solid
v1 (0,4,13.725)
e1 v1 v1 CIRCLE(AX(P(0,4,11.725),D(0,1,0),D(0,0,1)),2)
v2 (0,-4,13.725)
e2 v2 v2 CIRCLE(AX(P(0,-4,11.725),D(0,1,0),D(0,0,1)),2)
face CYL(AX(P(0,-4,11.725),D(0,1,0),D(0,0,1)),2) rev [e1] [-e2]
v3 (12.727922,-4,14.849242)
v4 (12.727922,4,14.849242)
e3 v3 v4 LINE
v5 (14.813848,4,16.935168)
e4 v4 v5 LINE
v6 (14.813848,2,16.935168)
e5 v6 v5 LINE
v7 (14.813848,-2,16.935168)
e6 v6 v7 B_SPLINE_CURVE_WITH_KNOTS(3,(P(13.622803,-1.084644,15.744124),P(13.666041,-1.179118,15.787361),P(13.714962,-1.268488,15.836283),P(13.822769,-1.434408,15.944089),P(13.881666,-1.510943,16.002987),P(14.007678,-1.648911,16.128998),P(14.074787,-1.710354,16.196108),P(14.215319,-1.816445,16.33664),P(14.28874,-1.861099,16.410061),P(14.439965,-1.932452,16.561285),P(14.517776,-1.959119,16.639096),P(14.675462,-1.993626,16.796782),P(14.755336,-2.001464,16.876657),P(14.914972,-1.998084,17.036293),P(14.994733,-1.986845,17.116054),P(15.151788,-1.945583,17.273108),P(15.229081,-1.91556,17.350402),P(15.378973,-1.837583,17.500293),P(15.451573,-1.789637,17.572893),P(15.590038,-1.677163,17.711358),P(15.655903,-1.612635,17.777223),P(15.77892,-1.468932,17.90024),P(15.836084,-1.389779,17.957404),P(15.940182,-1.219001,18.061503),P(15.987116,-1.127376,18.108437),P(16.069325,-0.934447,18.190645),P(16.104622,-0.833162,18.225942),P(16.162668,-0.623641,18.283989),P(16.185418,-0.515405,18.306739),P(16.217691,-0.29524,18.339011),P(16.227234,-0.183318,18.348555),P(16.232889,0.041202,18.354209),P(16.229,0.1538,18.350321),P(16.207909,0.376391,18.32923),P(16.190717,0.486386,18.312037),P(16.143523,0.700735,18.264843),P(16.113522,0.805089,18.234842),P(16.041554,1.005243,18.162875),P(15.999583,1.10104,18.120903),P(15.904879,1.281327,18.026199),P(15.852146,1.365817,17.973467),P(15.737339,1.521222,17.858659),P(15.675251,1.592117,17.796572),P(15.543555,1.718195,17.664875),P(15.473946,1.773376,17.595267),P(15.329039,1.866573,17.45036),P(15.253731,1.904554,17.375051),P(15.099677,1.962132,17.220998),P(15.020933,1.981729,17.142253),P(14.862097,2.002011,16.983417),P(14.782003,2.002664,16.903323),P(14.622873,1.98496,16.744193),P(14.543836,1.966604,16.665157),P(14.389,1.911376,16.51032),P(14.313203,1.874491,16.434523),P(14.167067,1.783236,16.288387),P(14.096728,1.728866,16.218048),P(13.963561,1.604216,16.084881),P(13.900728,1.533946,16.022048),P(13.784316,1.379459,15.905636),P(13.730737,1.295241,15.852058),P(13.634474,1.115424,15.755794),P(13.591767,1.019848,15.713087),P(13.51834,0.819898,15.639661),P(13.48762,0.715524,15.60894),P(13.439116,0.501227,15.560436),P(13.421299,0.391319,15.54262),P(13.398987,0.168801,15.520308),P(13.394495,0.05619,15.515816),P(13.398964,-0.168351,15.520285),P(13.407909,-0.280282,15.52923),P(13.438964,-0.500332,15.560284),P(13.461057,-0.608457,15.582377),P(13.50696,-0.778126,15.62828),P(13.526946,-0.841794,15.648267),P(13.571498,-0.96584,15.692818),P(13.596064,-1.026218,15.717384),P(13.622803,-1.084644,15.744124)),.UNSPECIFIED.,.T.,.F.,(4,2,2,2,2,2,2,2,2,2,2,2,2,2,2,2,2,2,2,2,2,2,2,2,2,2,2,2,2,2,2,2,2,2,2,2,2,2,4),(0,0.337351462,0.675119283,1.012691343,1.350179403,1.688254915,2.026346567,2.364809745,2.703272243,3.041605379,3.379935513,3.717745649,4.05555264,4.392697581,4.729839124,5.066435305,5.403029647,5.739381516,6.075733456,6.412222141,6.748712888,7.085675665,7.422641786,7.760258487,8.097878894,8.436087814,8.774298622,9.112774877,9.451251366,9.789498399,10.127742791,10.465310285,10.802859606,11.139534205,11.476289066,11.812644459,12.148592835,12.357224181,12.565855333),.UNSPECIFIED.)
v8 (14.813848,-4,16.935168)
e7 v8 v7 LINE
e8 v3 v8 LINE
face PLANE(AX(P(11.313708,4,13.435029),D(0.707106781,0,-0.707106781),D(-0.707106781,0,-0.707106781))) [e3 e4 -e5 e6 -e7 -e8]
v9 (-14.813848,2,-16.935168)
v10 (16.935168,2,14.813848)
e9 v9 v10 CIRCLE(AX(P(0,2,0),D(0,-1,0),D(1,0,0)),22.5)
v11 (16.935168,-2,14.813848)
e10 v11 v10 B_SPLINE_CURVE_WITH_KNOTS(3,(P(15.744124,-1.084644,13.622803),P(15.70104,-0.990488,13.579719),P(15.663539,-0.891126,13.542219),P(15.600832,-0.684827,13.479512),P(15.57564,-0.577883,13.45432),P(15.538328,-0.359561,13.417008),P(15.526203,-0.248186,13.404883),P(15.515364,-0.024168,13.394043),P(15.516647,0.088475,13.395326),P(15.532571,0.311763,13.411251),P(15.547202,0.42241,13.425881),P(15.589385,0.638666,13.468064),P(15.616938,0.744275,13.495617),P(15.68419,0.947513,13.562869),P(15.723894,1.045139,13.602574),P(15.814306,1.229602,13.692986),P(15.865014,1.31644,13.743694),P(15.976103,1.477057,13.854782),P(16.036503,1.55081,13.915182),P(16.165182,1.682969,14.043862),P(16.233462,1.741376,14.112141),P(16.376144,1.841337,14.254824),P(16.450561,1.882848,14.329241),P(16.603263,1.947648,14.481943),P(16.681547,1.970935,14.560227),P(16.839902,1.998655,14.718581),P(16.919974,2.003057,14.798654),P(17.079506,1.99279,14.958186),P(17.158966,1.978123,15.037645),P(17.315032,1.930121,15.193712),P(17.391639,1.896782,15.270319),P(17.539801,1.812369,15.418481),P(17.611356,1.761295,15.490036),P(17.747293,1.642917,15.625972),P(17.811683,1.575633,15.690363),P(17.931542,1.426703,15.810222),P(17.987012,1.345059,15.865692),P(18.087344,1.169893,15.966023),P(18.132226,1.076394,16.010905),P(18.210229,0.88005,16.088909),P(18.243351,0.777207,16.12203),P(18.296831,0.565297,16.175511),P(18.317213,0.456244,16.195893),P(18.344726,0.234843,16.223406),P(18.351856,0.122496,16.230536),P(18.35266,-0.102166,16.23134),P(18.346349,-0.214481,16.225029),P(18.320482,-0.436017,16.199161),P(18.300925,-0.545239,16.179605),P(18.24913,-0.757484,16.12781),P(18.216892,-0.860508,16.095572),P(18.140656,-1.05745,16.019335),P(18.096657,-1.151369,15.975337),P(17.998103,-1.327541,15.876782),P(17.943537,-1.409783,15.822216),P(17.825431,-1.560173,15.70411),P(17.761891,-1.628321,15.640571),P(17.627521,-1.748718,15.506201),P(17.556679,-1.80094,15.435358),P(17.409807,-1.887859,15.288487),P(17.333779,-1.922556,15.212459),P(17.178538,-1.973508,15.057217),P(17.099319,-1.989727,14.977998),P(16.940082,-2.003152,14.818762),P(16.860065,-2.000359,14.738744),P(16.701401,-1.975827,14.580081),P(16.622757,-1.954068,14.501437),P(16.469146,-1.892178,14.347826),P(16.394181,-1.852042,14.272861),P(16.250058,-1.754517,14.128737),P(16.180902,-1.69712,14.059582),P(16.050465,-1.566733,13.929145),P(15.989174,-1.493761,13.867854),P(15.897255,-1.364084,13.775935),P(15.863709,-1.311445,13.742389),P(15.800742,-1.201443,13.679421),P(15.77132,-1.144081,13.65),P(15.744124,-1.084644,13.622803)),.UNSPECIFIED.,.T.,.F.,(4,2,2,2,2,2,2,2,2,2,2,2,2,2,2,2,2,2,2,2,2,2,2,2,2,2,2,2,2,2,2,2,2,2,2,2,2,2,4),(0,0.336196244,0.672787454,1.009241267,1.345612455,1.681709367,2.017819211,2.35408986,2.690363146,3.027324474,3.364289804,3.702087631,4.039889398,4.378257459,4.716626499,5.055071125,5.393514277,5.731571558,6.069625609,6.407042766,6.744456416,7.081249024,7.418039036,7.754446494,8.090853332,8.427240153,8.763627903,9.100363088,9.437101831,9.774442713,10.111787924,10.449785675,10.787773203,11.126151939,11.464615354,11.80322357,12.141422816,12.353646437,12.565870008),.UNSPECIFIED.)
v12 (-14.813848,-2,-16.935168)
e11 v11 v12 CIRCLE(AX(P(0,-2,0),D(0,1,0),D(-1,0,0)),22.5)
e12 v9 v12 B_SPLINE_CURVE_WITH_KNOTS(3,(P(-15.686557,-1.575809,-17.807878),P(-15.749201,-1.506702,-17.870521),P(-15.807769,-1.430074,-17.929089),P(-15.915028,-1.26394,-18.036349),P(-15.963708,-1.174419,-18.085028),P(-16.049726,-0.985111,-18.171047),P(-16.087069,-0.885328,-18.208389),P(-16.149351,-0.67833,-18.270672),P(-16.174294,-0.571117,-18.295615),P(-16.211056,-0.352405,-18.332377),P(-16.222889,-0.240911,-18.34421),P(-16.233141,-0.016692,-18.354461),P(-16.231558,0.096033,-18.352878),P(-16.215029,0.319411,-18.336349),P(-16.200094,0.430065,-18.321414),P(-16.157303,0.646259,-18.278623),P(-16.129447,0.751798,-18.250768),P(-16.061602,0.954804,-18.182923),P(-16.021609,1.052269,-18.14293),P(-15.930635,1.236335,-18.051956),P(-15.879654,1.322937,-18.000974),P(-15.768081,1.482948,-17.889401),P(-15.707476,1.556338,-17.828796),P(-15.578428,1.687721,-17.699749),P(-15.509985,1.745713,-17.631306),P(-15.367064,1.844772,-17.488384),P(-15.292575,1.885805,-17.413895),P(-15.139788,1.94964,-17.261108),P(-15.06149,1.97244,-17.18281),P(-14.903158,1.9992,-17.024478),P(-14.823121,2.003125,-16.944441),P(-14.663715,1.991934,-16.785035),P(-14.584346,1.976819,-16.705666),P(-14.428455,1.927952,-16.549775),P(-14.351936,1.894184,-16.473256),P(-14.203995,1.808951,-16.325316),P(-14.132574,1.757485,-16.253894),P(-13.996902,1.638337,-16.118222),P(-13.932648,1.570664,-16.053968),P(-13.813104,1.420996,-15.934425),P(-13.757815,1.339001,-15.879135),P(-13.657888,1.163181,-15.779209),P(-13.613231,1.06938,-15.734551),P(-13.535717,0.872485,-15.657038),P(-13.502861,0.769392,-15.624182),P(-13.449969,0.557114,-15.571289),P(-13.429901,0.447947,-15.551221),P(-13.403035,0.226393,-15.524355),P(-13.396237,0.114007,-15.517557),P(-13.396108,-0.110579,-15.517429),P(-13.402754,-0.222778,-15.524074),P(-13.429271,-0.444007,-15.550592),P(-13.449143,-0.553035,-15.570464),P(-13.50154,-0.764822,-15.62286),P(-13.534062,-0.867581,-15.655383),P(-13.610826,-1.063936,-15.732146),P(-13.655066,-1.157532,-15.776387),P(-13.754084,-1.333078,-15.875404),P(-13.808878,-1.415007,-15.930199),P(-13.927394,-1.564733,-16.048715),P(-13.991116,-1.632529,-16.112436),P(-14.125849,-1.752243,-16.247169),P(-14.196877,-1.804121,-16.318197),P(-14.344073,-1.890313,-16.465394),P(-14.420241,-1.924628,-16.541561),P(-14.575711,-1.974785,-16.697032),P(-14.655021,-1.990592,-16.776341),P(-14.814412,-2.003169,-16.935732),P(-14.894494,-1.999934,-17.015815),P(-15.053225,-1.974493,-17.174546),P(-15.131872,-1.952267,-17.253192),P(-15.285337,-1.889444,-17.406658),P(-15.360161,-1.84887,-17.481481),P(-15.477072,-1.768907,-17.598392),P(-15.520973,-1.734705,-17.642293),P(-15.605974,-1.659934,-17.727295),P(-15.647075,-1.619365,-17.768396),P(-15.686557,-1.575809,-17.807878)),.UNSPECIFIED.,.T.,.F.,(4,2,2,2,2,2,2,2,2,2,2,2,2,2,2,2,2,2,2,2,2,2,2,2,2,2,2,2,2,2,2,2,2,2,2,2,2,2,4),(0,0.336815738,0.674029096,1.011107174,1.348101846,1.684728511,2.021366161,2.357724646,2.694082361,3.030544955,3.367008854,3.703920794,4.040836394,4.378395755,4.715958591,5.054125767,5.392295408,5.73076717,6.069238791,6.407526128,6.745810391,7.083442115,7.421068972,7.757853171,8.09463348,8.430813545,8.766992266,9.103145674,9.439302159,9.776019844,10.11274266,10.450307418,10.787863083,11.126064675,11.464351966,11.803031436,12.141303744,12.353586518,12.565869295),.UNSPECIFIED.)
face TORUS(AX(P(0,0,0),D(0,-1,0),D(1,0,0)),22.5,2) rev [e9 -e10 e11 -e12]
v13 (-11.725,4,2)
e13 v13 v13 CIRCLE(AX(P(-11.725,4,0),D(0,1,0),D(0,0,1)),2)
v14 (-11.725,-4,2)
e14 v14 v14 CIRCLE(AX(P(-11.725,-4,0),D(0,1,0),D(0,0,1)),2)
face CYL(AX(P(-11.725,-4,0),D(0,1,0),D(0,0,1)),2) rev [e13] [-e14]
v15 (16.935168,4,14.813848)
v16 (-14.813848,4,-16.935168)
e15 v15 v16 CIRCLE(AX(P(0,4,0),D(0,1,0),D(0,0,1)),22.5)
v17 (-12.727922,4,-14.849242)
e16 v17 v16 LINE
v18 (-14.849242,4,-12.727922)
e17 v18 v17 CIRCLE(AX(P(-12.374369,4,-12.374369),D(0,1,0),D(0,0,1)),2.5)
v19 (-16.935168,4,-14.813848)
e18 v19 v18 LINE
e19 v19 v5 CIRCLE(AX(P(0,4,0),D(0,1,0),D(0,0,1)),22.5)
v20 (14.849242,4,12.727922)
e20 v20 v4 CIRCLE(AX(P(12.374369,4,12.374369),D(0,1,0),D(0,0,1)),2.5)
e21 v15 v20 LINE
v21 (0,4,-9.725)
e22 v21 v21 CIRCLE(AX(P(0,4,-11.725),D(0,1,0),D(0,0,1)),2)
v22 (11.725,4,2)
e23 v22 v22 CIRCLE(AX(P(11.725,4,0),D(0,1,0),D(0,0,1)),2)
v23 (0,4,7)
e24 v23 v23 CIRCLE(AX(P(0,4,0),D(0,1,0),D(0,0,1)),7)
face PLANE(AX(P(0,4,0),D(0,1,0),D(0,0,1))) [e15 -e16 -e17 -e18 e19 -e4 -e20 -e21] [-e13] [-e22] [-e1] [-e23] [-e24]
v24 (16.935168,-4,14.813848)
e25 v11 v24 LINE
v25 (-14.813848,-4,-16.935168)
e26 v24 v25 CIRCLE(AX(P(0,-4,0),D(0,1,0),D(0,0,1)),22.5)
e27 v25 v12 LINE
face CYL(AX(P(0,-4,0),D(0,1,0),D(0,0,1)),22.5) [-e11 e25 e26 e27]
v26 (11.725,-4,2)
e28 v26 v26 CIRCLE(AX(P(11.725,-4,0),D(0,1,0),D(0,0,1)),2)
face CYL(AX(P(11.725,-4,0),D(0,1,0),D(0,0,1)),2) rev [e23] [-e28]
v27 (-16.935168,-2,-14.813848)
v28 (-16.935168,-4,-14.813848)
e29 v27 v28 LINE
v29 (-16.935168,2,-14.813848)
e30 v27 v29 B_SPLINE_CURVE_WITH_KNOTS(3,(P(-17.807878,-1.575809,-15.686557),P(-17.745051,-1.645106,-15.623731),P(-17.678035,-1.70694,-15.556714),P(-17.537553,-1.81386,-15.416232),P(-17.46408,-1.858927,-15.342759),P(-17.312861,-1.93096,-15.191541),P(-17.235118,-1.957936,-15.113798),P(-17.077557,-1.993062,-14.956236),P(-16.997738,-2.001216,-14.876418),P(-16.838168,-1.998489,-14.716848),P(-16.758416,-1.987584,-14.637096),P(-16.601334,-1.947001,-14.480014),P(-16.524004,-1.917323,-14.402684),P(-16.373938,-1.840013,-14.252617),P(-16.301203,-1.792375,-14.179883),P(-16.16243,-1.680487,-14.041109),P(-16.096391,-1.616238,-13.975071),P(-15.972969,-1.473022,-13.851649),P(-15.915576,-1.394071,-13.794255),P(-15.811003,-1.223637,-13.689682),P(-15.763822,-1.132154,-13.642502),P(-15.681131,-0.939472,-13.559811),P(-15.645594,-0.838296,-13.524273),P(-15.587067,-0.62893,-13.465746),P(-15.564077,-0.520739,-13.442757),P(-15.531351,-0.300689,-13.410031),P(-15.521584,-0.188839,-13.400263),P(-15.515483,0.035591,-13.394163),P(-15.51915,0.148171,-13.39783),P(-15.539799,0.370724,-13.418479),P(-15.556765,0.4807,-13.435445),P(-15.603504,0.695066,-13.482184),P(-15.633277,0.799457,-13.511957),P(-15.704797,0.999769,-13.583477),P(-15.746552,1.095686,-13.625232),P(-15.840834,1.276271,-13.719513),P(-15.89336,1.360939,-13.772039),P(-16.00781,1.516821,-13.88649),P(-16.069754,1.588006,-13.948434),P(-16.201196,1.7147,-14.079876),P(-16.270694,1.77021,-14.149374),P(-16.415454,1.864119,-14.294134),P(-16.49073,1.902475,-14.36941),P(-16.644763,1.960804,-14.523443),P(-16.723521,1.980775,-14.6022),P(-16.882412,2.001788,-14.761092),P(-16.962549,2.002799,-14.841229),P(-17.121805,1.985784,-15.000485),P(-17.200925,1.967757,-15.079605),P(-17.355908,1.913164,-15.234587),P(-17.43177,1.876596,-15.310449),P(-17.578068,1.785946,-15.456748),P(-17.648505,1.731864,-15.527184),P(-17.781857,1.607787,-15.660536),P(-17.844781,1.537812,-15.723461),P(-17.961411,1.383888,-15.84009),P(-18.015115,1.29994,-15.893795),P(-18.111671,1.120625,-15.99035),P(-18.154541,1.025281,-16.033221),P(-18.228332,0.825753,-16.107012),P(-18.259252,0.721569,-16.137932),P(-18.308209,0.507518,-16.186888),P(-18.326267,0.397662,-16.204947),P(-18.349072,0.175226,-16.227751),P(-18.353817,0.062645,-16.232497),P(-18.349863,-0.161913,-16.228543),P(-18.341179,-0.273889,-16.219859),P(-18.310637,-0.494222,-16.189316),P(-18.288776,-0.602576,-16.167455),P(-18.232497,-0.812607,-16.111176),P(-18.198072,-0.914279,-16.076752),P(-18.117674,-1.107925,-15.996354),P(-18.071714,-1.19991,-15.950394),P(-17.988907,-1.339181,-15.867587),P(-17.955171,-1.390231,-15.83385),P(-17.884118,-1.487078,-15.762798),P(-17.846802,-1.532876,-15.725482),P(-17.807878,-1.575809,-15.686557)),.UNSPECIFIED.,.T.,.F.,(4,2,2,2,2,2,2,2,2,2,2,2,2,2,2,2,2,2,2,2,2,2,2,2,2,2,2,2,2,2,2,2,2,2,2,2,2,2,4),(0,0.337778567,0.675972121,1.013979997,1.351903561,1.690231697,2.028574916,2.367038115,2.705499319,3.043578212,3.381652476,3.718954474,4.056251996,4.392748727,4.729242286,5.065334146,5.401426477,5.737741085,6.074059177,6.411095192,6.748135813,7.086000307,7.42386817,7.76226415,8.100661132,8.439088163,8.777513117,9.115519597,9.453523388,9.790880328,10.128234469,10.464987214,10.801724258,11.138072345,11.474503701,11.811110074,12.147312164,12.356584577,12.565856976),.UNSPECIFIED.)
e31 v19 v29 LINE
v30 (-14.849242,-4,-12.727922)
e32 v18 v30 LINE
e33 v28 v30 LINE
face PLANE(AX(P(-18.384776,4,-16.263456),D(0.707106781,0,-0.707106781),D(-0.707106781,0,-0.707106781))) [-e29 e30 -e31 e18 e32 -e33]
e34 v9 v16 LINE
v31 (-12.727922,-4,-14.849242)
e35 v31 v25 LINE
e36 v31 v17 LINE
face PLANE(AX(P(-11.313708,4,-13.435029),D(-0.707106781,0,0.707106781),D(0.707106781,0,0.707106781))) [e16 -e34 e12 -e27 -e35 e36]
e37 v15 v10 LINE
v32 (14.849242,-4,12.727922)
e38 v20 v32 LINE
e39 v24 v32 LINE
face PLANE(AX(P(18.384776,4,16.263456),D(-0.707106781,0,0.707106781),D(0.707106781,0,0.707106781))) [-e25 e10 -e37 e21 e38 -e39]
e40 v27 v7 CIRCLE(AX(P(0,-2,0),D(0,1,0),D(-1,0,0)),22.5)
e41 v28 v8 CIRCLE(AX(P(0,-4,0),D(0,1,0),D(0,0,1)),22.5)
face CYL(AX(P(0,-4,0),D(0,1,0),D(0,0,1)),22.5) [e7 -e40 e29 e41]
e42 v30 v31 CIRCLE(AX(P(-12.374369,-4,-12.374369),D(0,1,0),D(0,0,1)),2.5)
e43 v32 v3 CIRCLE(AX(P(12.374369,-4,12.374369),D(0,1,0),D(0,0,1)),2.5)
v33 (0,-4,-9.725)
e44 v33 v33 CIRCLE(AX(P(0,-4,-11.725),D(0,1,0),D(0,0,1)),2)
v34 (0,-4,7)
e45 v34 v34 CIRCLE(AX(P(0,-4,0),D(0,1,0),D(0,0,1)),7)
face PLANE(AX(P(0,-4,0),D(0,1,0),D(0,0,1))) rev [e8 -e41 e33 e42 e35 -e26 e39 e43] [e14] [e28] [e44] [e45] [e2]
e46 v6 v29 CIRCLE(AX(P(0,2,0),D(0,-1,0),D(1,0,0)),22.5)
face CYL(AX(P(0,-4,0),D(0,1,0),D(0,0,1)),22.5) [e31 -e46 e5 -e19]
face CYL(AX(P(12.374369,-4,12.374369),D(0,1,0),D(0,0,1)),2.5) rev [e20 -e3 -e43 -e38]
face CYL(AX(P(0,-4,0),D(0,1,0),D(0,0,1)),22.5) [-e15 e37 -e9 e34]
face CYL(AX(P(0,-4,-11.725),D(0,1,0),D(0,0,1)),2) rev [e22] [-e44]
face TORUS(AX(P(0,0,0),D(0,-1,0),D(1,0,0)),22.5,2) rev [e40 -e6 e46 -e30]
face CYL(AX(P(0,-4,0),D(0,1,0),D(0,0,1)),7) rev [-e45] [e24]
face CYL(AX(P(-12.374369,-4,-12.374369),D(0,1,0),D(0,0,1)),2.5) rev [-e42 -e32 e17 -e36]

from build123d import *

# Parameters (mm, degrees)
BOSS_EXTRUDE1_DEPTH      = 4
BOSS_EXTRUDE1_DEPTH_BACK = 4
SKETCH1_R                = 22.5
SKETCH1_R_2              = 7
SKETCH1_R_3              = 2
SKETCH1_R_4              = 2.5
SKETCH2_R                = 2
CUT_EXTRUDE1_DEPTH       = 4
CUT_EXTRUDE1_DEPTH_BACK  = 4


with BuildPart() as part:
    # Sketch1 → Boss-Extrude1 (new, two sides: drawn at the far end of the back side and taken through both)
    with BuildSketch(Plane(origin=(0, 0, 0), x_dir=(1, 0, 0), z_dir=(0, 1, 0)).offset(-BOSS_EXTRUDE1_DEPTH_BACK)):
        Circle(SKETCH1_R)
        Circle(SKETCH1_R_2, mode=Mode.SUBTRACT)
        with Locations((0, 11.725)):
            Circle(SKETCH1_R_3, mode=Mode.SUBTRACT)
        with Locations((11.725, 0)):
            Circle(SKETCH1_R_3, mode=Mode.SUBTRACT)
        with Locations((0, -11.725)):
            Circle(SKETCH1_R_3, mode=Mode.SUBTRACT)
        with Locations((-11.725, 0)):
            Circle(SKETCH1_R_3, mode=Mode.SUBTRACT)
        with Locations((-12.374368671, 12.374368671)):
            Circle(SKETCH1_R_4, mode=Mode.SUBTRACT)
        with Locations((12.374368671, -12.374368671)):
            Circle(SKETCH1_R_4, mode=Mode.SUBTRACT)
    extrude(amount=BOSS_EXTRUDE1_DEPTH + BOSS_EXTRUDE1_DEPTH_BACK)

    # Sketch2 → Cut-Revolve7 (revolve, cut)
    with BuildSketch(Plane.XY):
        with Locations((22.5, 0)):
            Circle(SKETCH2_R)
    revolve(axis=Axis((0, 0, 0), (0, 1, 0)), mode=Mode.SUBTRACT)

    # Sketch3 → Cut-Extrude1 (cut, two sides: drawn at the far end of the back side and taken through both)
    with BuildSketch(Plane(origin=(0, 0, 0), x_dir=(1, 0, 0), z_dir=(0, 1, 0)).offset(-CUT_EXTRUDE1_DEPTH_BACK)):
        Polygon((-18.384776311, 16.263455967), (-13.435028843, 11.313708499), (-11.313708499, 13.435028843), (-16.263455967, 18.384776311), align=None)
        Polygon((13.435028843, -11.313708499), (11.313708499, -13.435028843), (16.263455967, -18.384776311), (18.384776311, -16.263455967), align=None)
    extrude(amount=CUT_EXTRUDE1_DEPTH + CUT_EXTRUDE1_DEPTH_BACK, mode=Mode.SUBTRACT)


solid = part.part
